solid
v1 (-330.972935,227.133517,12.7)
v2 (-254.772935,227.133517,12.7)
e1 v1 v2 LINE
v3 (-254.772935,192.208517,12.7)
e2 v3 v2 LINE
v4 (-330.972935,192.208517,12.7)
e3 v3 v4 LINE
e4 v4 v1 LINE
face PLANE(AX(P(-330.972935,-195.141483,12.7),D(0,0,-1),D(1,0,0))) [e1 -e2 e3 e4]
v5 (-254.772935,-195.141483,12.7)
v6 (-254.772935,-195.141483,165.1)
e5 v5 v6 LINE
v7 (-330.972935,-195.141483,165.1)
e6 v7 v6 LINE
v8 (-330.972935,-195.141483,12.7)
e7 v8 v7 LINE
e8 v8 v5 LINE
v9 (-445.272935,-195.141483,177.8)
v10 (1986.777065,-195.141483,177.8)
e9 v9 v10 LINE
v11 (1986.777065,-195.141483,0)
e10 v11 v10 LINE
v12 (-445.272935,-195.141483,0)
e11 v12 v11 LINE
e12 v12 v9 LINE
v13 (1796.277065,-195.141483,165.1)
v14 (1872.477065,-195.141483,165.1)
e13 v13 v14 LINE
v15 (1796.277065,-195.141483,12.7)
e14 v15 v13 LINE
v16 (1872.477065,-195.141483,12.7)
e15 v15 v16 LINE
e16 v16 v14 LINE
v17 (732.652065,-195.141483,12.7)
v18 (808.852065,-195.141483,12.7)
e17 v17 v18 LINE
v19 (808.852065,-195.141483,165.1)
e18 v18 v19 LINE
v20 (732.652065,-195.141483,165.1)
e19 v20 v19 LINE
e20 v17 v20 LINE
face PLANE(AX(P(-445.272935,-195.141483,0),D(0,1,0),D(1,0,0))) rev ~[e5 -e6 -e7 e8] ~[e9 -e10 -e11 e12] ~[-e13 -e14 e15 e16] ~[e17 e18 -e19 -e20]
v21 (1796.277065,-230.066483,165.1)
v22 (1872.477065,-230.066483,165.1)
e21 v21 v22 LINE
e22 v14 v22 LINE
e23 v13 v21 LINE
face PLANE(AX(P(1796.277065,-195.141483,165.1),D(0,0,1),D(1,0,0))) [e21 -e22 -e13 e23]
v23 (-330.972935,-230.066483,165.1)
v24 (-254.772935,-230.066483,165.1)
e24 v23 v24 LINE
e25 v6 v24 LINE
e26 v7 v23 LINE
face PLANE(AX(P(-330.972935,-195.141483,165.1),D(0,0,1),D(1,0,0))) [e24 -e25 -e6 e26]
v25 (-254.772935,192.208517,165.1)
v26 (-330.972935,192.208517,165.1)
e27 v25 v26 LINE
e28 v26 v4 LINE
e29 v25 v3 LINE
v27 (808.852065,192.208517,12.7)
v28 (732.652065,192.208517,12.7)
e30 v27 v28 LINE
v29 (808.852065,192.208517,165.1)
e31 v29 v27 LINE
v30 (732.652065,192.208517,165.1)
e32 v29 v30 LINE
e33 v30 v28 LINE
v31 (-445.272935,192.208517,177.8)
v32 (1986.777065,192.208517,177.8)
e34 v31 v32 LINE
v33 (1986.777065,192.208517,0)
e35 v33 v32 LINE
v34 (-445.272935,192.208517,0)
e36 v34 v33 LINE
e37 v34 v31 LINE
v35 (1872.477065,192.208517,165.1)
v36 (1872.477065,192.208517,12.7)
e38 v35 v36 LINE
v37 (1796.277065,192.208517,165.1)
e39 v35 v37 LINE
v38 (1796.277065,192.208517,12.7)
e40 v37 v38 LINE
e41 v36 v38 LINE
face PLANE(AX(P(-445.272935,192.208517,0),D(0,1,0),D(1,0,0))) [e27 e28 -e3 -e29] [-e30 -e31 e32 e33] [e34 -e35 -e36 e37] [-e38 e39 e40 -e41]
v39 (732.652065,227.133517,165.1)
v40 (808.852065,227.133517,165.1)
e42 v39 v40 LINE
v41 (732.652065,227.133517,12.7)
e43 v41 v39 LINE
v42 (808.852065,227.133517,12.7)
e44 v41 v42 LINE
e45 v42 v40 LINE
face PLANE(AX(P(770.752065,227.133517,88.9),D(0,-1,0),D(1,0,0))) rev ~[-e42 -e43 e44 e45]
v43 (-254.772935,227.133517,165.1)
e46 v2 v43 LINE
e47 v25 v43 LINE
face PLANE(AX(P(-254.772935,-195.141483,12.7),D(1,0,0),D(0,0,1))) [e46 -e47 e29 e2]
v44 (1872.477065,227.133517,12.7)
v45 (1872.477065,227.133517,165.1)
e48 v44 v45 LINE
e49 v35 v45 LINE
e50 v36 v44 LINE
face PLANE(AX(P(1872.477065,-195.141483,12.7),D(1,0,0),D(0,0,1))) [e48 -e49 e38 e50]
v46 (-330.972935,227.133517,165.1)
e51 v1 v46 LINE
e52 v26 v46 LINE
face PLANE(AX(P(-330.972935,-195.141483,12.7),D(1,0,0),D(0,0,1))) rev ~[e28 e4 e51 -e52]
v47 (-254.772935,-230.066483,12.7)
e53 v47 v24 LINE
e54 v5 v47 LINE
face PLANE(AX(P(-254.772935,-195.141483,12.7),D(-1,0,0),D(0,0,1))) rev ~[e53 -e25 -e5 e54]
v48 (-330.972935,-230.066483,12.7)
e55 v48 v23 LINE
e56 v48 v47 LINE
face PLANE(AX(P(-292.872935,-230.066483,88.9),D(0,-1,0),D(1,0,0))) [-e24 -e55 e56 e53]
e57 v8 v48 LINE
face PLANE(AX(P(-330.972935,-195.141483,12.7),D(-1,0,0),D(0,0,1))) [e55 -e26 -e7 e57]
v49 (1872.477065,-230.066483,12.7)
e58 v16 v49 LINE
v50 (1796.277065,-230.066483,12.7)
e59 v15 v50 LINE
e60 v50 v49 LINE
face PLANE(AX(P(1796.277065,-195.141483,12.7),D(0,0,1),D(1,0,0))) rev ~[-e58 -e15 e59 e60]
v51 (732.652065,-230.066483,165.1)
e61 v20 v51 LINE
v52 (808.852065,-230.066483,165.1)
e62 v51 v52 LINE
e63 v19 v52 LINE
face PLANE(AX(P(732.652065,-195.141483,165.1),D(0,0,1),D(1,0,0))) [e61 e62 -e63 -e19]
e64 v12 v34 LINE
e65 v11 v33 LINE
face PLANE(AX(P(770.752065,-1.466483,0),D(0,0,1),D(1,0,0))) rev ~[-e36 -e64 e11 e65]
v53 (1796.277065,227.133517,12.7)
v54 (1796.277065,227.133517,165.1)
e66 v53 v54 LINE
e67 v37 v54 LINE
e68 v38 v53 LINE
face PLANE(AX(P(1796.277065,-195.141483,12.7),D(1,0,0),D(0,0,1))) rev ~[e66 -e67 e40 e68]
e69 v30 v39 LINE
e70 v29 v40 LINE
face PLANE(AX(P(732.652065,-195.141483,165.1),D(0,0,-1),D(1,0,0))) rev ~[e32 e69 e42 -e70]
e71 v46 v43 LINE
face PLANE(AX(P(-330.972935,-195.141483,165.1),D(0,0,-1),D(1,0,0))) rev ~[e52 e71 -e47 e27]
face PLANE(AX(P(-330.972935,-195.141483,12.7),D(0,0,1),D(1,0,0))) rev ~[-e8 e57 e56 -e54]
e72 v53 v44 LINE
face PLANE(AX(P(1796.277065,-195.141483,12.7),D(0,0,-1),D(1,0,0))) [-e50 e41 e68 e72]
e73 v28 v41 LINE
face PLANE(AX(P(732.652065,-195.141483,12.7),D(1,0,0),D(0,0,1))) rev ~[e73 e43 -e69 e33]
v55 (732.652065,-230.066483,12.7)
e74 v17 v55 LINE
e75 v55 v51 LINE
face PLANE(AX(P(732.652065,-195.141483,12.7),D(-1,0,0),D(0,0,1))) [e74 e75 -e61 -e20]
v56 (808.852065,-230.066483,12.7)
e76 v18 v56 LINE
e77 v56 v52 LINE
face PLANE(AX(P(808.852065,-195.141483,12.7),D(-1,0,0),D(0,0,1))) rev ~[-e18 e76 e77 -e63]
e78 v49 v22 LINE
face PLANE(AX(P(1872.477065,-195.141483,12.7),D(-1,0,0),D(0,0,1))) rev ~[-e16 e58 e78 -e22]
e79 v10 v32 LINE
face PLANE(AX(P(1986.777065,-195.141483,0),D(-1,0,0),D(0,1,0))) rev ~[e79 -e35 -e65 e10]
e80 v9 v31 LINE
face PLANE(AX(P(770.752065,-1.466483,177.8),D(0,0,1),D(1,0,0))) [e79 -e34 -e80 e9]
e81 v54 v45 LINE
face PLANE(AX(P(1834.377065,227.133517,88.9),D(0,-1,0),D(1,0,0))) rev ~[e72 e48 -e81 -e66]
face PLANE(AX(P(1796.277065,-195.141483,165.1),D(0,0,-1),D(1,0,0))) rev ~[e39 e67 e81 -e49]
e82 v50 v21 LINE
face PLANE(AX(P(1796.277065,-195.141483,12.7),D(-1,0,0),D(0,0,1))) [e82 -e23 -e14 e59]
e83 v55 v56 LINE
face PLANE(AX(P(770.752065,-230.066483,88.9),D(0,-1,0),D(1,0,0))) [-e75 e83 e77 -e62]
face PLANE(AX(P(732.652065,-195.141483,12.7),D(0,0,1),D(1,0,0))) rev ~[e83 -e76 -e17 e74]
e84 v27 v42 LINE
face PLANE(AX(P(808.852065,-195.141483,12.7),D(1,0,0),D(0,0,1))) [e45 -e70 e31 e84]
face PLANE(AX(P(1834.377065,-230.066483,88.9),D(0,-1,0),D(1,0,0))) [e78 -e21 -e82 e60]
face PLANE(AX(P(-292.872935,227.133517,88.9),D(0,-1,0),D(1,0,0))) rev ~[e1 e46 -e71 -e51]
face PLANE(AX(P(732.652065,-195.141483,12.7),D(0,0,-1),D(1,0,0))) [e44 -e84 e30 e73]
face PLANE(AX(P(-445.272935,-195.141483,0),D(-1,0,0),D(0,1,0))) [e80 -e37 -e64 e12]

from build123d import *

# Parameters (mm, degrees)
F0_W      = 2432.05
F0_H      = 387.35
F1_DEPTH  = 177.8
F6_W      = 76.2
F6_H      = 152.4
F7_DEPTH  = 34.925
F2_W      = 76.2
F2_H      = 152.4
F3_DEPTH  = 34.925
F8_DEPTH  = 422.275
F9_DEPTH  = 422.275
F4_W      = 76.2
F4_H      = 152.4
F10_DEPTH = 34.925
F5_DEPTH  = 422.275


with BuildPart() as f1:
    # F0 (on Top) → F1 (new body)
    with BuildSketch(Plane.XY):
        with Locations((770.752065, -1.466483)):
            Rectangle(F0_W, F0_H)
    extrude(amount=F1_DEPTH)

    # F6 (on face) → F7 (join)
    with BuildSketch(Plane.XZ.offset(195.141483)):
        with Locations((-292.872935, 88.9)):
            Rectangle(F6_W, F6_H)
    extrude(amount=F7_DEPTH)

    # F2 (on face) → F3 (join)
    with BuildSketch(Plane.XZ.offset(195.141483)):
        with Locations((1834.377065, 88.9)):
            Rectangle(F2_W, F2_H)
    extrude(amount=F3_DEPTH)

    # F2 (on face) → F8 (join)
    with BuildSketch(Plane.XZ.offset(195.141483)):
        with Locations((1834.377065, 88.9)):
            Rectangle(F2_W, F2_H)
    extrude(amount=-F8_DEPTH)

    # F6 (on face) → F9 (join)
    with BuildSketch(Plane.XZ.offset(195.141483)):
        with Locations((-292.872935, 88.9)):
            Rectangle(F6_W, F6_H)
    extrude(amount=-F9_DEPTH)

    # F4 (on face) → F10 (join)
    with BuildSketch(Plane.XZ.offset(195.141483)):
        with Locations((770.752065, 88.9)):
            Rectangle(F4_W, F4_H)
    extrude(amount=F10_DEPTH)

    # F4 (on face) → F5 (join)
    with BuildSketch(Plane.XZ.offset(195.141483)):
        with Locations((770.752065, 88.9)):
            Rectangle(F4_W, F4_H)
    extrude(amount=-F5_DEPTH)


solid = f1.part
